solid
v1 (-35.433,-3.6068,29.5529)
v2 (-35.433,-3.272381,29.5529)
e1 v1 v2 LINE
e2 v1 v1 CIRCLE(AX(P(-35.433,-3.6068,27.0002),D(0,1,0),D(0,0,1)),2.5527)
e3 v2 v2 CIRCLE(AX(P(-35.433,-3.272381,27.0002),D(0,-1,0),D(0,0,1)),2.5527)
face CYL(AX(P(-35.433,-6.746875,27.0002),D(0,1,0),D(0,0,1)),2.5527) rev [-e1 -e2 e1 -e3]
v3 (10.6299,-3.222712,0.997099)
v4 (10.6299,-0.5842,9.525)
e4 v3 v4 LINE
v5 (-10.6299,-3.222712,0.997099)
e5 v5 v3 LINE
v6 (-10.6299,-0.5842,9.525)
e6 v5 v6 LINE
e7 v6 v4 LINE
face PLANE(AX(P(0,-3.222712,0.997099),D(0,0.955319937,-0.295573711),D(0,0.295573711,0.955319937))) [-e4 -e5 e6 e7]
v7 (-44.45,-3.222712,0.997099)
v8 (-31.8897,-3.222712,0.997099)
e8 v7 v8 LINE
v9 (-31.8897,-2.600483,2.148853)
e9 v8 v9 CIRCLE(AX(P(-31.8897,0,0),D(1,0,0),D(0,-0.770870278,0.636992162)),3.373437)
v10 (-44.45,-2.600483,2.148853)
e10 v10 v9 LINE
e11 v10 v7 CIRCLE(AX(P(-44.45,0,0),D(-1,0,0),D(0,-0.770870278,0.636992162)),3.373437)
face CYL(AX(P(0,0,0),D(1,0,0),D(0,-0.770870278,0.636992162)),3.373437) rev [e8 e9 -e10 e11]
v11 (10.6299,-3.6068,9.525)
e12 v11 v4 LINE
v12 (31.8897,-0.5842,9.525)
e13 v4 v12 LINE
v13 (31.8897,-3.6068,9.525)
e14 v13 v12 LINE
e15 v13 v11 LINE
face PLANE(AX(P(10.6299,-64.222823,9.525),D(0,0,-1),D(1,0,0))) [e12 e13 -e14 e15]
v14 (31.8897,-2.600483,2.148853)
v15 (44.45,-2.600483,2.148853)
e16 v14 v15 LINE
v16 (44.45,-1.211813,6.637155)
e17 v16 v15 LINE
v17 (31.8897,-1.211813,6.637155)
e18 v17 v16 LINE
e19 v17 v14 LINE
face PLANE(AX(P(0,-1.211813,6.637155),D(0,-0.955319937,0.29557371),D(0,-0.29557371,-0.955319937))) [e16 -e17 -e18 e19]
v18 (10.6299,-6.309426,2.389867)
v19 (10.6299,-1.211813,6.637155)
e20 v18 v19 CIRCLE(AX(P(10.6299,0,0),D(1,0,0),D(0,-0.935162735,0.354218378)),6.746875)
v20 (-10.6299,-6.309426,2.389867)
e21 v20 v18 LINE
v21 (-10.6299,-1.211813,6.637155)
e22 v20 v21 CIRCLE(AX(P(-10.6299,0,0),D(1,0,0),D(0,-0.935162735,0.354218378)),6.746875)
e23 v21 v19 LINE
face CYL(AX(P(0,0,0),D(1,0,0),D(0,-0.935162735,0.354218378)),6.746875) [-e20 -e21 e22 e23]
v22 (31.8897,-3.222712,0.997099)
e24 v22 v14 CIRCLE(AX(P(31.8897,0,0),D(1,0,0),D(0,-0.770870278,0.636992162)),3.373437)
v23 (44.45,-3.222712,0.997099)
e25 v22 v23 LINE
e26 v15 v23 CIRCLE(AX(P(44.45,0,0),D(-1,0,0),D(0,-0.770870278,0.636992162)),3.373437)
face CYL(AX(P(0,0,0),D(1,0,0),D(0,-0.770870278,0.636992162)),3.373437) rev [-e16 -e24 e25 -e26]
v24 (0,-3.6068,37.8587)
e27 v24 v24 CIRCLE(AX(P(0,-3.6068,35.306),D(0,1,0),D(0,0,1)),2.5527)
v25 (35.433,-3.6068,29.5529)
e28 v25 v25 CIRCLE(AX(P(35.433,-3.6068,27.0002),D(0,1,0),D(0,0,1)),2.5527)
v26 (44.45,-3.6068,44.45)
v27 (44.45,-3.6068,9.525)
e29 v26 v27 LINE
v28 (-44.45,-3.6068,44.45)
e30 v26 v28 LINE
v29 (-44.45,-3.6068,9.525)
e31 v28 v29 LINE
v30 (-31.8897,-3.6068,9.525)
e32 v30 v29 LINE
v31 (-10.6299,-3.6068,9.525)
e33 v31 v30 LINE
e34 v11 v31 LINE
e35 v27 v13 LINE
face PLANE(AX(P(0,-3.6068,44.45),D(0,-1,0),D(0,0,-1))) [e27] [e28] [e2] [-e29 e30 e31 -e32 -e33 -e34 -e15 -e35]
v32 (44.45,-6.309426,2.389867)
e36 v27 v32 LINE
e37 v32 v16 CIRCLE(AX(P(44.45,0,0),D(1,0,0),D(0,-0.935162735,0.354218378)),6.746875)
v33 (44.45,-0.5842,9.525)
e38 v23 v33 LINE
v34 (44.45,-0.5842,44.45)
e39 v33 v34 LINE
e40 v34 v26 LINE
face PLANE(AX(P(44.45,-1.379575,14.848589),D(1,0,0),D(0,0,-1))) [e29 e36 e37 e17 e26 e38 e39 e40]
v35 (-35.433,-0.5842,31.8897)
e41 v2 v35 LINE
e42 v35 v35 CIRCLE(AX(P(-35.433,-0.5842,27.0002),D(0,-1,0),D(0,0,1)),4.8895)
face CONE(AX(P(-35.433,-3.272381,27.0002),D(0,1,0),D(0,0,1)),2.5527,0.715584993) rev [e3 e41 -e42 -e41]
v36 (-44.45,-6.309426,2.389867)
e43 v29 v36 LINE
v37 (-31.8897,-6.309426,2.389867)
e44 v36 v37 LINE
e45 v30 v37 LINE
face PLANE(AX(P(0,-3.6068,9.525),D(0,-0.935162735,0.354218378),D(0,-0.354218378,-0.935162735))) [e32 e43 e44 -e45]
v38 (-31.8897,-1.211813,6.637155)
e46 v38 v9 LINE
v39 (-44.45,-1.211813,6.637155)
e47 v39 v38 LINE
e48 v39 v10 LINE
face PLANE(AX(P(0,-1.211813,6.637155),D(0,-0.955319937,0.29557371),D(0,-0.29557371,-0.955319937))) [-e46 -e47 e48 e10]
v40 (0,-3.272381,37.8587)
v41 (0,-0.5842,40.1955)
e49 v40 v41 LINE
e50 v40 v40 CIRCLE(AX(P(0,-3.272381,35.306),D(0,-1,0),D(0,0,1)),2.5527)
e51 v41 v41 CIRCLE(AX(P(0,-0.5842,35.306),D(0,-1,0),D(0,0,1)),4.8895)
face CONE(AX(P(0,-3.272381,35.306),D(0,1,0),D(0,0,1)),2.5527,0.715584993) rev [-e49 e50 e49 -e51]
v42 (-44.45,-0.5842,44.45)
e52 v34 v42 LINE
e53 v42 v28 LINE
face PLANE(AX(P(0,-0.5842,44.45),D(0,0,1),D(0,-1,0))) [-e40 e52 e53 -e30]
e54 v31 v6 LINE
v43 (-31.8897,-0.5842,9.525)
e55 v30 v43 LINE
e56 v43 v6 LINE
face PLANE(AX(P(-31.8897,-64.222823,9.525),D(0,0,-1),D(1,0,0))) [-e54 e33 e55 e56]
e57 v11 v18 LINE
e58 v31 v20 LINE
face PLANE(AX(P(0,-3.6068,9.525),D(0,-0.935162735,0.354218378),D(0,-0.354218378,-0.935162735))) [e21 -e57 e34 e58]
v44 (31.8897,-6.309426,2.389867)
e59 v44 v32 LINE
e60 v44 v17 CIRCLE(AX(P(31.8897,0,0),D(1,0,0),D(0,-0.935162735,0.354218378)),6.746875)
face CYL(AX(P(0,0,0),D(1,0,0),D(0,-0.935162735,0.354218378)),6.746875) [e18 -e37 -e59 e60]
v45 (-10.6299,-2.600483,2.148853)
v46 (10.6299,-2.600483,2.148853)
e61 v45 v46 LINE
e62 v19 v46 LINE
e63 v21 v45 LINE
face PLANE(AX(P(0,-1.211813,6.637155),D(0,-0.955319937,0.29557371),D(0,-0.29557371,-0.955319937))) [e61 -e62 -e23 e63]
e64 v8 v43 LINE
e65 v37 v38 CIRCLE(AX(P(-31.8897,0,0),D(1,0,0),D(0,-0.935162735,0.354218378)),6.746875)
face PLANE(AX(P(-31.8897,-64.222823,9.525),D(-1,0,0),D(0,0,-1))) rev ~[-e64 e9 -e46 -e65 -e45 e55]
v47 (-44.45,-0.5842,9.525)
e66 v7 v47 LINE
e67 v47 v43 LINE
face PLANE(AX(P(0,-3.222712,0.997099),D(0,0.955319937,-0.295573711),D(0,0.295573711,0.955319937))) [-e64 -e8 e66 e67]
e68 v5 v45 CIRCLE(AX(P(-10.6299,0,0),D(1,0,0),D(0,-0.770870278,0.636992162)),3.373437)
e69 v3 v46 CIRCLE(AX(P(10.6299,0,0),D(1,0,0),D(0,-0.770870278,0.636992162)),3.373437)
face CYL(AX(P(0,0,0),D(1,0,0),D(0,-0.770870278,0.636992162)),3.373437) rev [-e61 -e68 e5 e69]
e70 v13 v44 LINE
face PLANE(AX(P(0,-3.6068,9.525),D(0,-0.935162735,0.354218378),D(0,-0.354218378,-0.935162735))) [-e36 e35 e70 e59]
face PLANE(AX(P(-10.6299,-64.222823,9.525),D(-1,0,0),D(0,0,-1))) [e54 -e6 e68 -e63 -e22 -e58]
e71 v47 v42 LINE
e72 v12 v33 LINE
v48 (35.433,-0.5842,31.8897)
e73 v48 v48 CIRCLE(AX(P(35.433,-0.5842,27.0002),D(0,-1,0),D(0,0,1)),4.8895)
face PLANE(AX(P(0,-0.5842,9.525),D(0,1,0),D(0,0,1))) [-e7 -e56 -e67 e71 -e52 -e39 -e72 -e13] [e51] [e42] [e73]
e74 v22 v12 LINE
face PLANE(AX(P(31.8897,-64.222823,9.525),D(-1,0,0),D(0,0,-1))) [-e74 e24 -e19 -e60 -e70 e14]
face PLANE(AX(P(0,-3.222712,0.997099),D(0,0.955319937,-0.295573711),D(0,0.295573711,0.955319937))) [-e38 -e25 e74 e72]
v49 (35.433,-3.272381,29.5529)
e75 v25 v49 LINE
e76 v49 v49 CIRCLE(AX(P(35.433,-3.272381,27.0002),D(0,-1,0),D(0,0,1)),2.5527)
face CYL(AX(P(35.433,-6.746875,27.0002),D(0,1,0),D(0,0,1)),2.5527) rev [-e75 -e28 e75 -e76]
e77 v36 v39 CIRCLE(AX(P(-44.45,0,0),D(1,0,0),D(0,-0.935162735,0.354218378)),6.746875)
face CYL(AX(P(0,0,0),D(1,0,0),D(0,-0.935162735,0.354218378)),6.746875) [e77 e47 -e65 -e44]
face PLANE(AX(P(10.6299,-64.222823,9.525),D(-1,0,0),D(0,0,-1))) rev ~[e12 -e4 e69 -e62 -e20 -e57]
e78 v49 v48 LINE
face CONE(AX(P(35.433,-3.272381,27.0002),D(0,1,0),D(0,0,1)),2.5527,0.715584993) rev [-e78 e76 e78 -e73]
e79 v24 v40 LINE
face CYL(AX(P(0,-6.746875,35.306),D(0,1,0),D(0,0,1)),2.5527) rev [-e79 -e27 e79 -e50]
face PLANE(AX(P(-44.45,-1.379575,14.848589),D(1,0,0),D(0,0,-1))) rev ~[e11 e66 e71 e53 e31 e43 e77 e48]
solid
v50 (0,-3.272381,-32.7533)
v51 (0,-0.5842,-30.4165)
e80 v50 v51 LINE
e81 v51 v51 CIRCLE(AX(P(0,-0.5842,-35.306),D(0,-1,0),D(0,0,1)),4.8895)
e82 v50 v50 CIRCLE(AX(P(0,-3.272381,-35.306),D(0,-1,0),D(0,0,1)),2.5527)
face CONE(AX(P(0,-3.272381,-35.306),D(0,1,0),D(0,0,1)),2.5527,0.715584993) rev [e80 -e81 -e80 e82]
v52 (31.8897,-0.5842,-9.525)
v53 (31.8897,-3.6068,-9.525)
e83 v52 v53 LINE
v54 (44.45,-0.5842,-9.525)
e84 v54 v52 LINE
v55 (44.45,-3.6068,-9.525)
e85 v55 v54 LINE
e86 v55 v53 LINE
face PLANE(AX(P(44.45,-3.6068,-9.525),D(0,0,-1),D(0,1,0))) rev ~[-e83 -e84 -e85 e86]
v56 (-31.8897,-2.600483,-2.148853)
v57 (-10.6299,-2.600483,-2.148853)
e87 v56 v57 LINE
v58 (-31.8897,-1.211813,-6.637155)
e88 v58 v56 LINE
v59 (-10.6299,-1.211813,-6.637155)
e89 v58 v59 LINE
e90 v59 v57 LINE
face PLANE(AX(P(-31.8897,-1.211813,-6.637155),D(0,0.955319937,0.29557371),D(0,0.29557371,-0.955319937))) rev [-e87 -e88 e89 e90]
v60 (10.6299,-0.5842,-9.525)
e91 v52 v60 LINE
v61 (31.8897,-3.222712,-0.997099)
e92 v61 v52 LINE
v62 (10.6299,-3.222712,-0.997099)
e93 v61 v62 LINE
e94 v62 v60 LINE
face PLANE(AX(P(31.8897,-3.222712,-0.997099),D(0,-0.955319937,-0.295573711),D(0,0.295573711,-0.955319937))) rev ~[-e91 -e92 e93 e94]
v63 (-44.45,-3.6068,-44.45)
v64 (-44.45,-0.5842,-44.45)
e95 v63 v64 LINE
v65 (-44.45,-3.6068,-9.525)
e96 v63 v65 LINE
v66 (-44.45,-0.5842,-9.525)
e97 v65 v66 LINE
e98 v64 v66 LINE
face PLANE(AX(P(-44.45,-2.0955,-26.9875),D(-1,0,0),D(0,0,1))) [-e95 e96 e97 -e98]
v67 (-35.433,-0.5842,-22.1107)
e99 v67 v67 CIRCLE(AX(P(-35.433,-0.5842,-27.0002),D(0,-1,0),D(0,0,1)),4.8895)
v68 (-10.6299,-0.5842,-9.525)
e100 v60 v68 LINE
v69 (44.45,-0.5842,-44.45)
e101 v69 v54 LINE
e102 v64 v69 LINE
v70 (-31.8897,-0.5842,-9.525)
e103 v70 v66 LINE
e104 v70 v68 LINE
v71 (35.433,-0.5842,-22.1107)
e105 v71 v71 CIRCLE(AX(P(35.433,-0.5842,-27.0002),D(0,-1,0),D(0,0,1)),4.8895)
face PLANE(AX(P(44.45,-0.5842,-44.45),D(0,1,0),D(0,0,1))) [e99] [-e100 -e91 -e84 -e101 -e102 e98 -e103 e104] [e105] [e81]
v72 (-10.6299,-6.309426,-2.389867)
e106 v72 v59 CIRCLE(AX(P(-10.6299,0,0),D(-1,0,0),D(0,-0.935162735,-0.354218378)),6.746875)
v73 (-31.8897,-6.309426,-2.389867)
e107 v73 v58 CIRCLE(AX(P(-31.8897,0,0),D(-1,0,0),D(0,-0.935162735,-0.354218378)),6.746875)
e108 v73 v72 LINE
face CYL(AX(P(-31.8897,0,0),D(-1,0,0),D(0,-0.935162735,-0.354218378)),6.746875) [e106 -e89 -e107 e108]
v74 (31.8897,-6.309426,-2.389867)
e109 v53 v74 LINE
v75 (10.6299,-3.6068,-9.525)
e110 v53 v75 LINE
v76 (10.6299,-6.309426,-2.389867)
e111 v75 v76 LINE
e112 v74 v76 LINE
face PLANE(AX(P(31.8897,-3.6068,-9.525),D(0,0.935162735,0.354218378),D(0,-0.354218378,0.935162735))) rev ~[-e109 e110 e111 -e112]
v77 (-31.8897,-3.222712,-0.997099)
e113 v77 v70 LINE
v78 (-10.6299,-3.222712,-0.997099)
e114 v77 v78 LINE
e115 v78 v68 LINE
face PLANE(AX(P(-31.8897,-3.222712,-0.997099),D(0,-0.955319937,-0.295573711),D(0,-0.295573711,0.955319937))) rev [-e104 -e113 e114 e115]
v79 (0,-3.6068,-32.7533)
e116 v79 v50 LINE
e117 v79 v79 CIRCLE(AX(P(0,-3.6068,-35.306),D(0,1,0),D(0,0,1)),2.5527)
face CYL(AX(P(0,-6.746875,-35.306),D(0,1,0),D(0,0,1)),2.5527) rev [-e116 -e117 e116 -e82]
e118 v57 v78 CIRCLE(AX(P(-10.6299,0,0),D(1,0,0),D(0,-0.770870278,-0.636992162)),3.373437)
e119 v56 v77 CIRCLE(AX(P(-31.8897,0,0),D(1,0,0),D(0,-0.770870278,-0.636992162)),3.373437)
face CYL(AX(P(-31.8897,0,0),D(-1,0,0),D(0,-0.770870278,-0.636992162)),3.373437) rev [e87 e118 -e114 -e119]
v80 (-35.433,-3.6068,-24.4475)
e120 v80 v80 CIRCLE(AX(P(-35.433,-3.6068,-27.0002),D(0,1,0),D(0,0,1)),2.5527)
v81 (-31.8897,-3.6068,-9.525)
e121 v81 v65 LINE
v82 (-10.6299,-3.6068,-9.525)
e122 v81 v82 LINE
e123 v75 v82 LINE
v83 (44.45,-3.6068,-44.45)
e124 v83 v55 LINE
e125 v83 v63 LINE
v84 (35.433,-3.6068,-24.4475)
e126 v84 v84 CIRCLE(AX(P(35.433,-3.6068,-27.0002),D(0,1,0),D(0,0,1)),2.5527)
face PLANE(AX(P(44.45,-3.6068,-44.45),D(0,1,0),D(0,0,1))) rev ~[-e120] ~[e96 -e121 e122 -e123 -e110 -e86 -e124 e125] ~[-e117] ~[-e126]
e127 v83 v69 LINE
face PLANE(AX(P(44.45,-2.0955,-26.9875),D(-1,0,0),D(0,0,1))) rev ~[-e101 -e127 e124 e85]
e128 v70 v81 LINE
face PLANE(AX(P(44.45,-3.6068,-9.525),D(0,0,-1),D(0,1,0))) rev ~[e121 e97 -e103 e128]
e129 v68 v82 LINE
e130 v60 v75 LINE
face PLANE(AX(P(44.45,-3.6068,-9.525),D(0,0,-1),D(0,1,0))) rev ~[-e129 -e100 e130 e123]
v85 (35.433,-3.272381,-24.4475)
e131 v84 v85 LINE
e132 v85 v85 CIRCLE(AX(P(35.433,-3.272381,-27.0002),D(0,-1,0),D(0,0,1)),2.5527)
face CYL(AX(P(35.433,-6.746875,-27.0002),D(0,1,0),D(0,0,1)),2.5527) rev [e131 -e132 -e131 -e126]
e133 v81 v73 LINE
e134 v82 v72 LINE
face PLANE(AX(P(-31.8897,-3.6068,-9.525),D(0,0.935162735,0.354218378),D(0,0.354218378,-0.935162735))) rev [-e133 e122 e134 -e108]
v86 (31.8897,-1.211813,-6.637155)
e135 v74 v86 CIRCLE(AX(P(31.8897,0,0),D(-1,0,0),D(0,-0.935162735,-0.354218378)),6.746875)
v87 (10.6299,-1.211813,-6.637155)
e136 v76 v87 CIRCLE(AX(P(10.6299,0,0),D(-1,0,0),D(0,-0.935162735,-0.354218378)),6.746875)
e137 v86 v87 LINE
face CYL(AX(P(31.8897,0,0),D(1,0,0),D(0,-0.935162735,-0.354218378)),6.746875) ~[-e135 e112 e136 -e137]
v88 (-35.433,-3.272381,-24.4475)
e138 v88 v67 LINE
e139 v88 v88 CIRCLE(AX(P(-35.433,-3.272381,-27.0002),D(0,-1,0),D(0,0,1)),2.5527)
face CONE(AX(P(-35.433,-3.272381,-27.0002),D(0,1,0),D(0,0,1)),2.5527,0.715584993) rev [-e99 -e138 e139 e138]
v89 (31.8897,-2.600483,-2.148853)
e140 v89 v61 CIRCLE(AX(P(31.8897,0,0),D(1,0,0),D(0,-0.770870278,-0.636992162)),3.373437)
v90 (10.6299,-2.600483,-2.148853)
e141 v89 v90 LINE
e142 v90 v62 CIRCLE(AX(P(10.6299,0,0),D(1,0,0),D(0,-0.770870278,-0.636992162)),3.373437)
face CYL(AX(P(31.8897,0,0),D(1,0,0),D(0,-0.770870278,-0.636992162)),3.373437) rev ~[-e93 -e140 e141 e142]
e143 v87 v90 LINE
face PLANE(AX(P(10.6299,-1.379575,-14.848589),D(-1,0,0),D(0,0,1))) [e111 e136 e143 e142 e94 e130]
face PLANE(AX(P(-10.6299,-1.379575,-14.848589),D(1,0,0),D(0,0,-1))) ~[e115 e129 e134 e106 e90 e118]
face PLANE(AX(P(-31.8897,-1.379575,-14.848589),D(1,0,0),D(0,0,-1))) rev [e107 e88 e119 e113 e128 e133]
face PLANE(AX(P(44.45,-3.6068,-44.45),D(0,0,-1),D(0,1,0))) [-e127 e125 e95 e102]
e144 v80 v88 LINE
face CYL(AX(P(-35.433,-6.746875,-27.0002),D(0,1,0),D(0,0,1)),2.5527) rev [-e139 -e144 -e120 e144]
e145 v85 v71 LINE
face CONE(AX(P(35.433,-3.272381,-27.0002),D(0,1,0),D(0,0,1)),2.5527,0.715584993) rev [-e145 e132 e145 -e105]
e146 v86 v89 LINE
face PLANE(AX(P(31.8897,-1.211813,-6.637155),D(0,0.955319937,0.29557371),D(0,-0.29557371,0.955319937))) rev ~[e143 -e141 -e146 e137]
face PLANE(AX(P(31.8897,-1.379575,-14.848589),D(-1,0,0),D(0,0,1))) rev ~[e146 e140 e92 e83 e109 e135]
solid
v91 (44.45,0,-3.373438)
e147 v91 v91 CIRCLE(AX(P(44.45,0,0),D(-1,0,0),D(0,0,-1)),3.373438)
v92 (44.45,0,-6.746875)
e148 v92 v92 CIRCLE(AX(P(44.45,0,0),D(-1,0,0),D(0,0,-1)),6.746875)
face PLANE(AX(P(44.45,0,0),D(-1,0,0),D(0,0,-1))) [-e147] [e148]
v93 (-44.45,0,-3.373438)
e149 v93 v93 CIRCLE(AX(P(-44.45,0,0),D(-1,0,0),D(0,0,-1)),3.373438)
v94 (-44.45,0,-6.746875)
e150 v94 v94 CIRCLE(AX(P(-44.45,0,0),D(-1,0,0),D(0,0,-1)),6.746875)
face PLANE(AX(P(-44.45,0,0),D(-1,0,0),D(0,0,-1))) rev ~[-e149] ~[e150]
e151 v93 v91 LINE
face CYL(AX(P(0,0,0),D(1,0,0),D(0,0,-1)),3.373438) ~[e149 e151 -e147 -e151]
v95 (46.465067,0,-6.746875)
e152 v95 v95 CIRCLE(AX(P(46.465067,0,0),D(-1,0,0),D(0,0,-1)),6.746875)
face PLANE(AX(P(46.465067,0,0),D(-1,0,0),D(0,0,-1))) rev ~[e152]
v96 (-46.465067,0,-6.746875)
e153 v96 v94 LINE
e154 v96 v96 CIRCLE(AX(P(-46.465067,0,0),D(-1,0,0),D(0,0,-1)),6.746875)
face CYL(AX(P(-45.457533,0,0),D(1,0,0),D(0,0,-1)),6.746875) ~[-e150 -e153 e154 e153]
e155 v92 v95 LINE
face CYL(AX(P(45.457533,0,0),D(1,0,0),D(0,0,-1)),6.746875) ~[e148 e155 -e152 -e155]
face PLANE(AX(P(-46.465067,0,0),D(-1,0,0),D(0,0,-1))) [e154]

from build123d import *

# Parameters (mm, degrees)
LEFT_LEAF_DEPTH                              = 44.45
CUT_EXTRUDE1_DEPTH                           = 64.222822796
CUT_EXTRUDE1_DEPTH_BACK                      = 64.222822796
SKETCH2_W                                    = 21.2598
SKETCH2_H                                    = 16.271875
RIGHT_LEAF_DEPTH                             = 21.2598
EXTRUDE3_START                               = -44.45
SKETCH4_W                                    = 34.925
SKETCH4_H                                    = 3.0226
EXTRUDE3_DEPTH                               = 88.9
SKETCH6_W                                    = 88.9
SKETCH6_H                                    = 3.3734375
SKETCH7_W                                    = 2.015066667
SKETCH7_H                                    = 6.746875
CSK_FOR_10_FLAT_HEAD_MACHINE_SCREW1_AT_COUNT = 2
CSK_FOR_10_FLAT_HEAD_MACHINE_SCREW1_AT_PITCH = 54.0004
CSK_FOR_10_FLAT_HEAD_MACHINE_SCREW1_2_COUNT  = 2
CSK_FOR_10_FLAT_HEAD_MACHINE_SCREW1_2_PITCH  = 89.0956405
CSK_FOR_10_FLAT_HEAD_MACHINE_SCREW1_3_COUNT  = 2
CSK_FOR_10_FLAT_HEAD_MACHINE_SCREW1_3_PITCH  = 70.866
CSK_FOR_10_FLAT_HEAD_MACHINE_SCREW1_4_COUNT  = 2
CSK_FOR_10_FLAT_HEAD_MACHINE_SCREW1_4_PITCH  = 71.676774812
CSK_FOR_10_FLAT_HEAD_MACHINE_SCREW1_5_COUNT  = 2
CSK_FOR_10_FLAT_HEAD_MACHINE_SCREW1_5_PITCH  = 36.39345824


with BuildPart() as part:
    # Sketch1 → Left Leaf (new, symmetric)
    with BuildSketch(Plane(origin=(0, 0, 0), x_dir=(0, 0, -1), z_dir=(1, 0, 0))):
        with BuildLine():
            Line((-9.525, -3.6068), (-2.389867117, -6.309426078))
            ThreePointArc((-2.389867117, -6.309426078), (5.183454402, 4.318810338), (-6.637155431, -1.21181271))
            Line((-6.637155431, -1.21181271), (-2.148853245, -2.600482704))
            ThreePointArc((-2.148853245, -2.600482704), (1.603448449, 2.968001624), (-0.997099439, -3.222712099))
            Line((-0.997099439, -3.222712099), (-9.525, -0.5842))
            Line((-9.525, -0.5842), (-44.45, -0.5842))
            Line((-44.45, -0.5842), (-44.45, -3.6068))
            Line((-44.45, -3.6068), (-9.525, -3.6068))
        make_face()
    extrude(amount=LEFT_LEAF_DEPTH, both=True)

    # Sketch2 → Cut-Extrude1 (cut, two sides: drawn at the far end of the back side and taken through both)
    with BuildSketch(Plane(origin=(0, 0, 0), x_dir=(1, 0, 0), z_dir=(0, 1, 0)).offset(-CUT_EXTRUDE1_DEPTH_BACK)):
        with Locations((21.2598, -1.3890625)):
            Rectangle(SKETCH2_W, SKETCH2_H)
        with Locations((-21.2598, -1.3890625)):
            Rectangle(SKETCH2_W, SKETCH2_H)
    extrude(amount=CUT_EXTRUDE1_DEPTH + CUT_EXTRUDE1_DEPTH_BACK, mode=Mode.SUBTRACT)

    # Sketch9 → CSK for #10 Flat Head Machine Screw1 (revolve, cut)
    with BuildSketch(Plane(origin=(-35.433, -0.5842, 27.0002), x_dir=(0, 0, 1), z_dir=(1, 0, 0))):
        Polygon((0, 0), (0, 6.162675), (2.5527, 6.162675), (2.5527, 2.688180894), (4.8895, 0), align=None)
    csk_for_10_flat_head_machine_screw1 = revolve(axis=Axis((-35.433, 5.7658, 27.0002), (0, -1, 0)), mode=Mode.SUBTRACT)

    # CSK for _10 Flat Head Machine Screw1 3: CSK for #10 Flat Head Machine Screw1 ×2
    with Locations(*[(i * CSK_FOR_10_FLAT_HEAD_MACHINE_SCREW1_3_PITCH, 0, 0) for i in range(1, CSK_FOR_10_FLAT_HEAD_MACHINE_SCREW1_3_COUNT)]):
        add(csk_for_10_flat_head_machine_screw1, mode=Mode.SUBTRACT)

    # CSK for _10 Flat Head Machine Screw1 5: CSK for #10 Flat Head Machine Screw1 ×2
    with Locations(*[Vector(0.9736090416769398, 0, 0.22822233450061566) * (i * CSK_FOR_10_FLAT_HEAD_MACHINE_SCREW1_5_PITCH) for i in range(1, CSK_FOR_10_FLAT_HEAD_MACHINE_SCREW1_5_COUNT)]):
        add(csk_for_10_flat_head_machine_screw1, mode=Mode.SUBTRACT)


with BuildPart() as body_2:
    # Sketch3 → Right Leaf (new body)
    with BuildSketch(Plane(origin=(31.8897, 0, 0), x_dir=(0, 0, -1), z_dir=(1, 0, 0))):
        with BuildLine():
            Line((9.525, -3.6068), (2.389867117, -6.309426078))
            ThreePointArc((2.389867117, -6.309426078), (-5.183454402, 4.318810338), (6.637155431, -1.21181271))
            Line((6.637155431, -1.21181271), (2.148853245, -2.600482704))
            ThreePointArc((2.148853245, -2.600482704), (-1.603448449, 2.968001624), (0.997099439, -3.222712099))
            Line((0.997099439, -3.222712099), (9.525, -0.5842))
            Line((9.525, -0.5842), (44.45, -0.5842))
            Line((44.45, -0.5842), (44.45, -3.6068))
            Line((44.45, -3.6068), (9.525, -3.6068))
        make_face()
    extrude(amount=-RIGHT_LEAF_DEPTH)


with BuildPart() as body_3:
    # Mirror1: mirrored copy
    add(body_2.part.mirror(Plane(origin=(0, 0, 0), x_dir=(0, 0, 1), z_dir=(1, 0, 0))))


with BuildPart() as body_4:
    # Sketch4 → Extrude3 (new body)
    with BuildSketch(Plane.ZY.offset(EXTRUDE3_START)):
        with Locations((-26.9875, -2.0955)):
            Rectangle(SKETCH4_W, SKETCH4_H)
    extrude(amount=EXTRUDE3_DEPTH)


with BuildPart() as body_3_1:
    add(body_3.part)

    # Combine1: union body 2, body 4
    add(body_2.part)
    add(body_4.part)

    # CSK for #10 Flat Head Machine Screw1 at: CSK for #10 Flat Head Machine Screw1 ×2
    with Locations(*[(0, 0, -i * CSK_FOR_10_FLAT_HEAD_MACHINE_SCREW1_AT_PITCH) for i in range(1, CSK_FOR_10_FLAT_HEAD_MACHINE_SCREW1_AT_COUNT)]):
        add(csk_for_10_flat_head_machine_screw1, mode=Mode.SUBTRACT)

    # CSK for _10 Flat Head Machine Screw1 2: CSK for #10 Flat Head Machine Screw1 ×2
    with Locations(*[Vector(0.7953924524483951, 0, -0.6060947505036878) * (i * CSK_FOR_10_FLAT_HEAD_MACHINE_SCREW1_2_PITCH) for i in range(1, CSK_FOR_10_FLAT_HEAD_MACHINE_SCREW1_2_COUNT)]):
        add(csk_for_10_flat_head_machine_screw1, mode=Mode.SUBTRACT)

    # CSK for _10 Flat Head Machine Screw1 4: CSK for #10 Flat Head Machine Screw1 ×2
    with Locations(*[Vector(0.49434422925657207, 0, -0.8692662325206967) * (i * CSK_FOR_10_FLAT_HEAD_MACHINE_SCREW1_4_PITCH) for i in range(1, CSK_FOR_10_FLAT_HEAD_MACHINE_SCREW1_4_COUNT)]):
        add(csk_for_10_flat_head_machine_screw1, mode=Mode.SUBTRACT)


with BuildPart() as body_3_2:
    # Sketch6 → Pin (revolve)
    with BuildSketch(Plane(origin=(0, 0, 0), x_dir=(1, 0, 0), z_dir=(0, 1, 0)), mode=Mode.PRIVATE) as pin_sk:
        with Locations((0, -1.68671875)):
            Rectangle(SKETCH6_W, SKETCH6_H)
    revolve(pin_sk.sketch.rotate(Axis((24.566181471, 0, 0), (-1, 0, 0)), 180), axis=Axis((24.566181471, 0, 0), (-1, 0, 0)))

    # Sketch7 → Spun Pin (revolve)
    with BuildSketch(Plane(origin=(0, 0, 0), x_dir=(1, 0, 0), z_dir=(0, 1, 0)), mode=Mode.PRIVATE) as spun_pin_sk:
        with Locations((-45.457533334, -3.3734375)):
            Rectangle(SKETCH7_W, SKETCH7_H)
        with Locations((45.457533334, -3.3734375)):
            Rectangle(SKETCH7_W, SKETCH7_H)
    revolve(spun_pin_sk.sketch.rotate(Axis((24.566181471, 0, 0), (-1, 0, 0)), 180), axis=Axis((24.566181471, 0, 0), (-1, 0, 0)))


solid = Compound([part.part, body_3_1.part, body_3_2.part])
